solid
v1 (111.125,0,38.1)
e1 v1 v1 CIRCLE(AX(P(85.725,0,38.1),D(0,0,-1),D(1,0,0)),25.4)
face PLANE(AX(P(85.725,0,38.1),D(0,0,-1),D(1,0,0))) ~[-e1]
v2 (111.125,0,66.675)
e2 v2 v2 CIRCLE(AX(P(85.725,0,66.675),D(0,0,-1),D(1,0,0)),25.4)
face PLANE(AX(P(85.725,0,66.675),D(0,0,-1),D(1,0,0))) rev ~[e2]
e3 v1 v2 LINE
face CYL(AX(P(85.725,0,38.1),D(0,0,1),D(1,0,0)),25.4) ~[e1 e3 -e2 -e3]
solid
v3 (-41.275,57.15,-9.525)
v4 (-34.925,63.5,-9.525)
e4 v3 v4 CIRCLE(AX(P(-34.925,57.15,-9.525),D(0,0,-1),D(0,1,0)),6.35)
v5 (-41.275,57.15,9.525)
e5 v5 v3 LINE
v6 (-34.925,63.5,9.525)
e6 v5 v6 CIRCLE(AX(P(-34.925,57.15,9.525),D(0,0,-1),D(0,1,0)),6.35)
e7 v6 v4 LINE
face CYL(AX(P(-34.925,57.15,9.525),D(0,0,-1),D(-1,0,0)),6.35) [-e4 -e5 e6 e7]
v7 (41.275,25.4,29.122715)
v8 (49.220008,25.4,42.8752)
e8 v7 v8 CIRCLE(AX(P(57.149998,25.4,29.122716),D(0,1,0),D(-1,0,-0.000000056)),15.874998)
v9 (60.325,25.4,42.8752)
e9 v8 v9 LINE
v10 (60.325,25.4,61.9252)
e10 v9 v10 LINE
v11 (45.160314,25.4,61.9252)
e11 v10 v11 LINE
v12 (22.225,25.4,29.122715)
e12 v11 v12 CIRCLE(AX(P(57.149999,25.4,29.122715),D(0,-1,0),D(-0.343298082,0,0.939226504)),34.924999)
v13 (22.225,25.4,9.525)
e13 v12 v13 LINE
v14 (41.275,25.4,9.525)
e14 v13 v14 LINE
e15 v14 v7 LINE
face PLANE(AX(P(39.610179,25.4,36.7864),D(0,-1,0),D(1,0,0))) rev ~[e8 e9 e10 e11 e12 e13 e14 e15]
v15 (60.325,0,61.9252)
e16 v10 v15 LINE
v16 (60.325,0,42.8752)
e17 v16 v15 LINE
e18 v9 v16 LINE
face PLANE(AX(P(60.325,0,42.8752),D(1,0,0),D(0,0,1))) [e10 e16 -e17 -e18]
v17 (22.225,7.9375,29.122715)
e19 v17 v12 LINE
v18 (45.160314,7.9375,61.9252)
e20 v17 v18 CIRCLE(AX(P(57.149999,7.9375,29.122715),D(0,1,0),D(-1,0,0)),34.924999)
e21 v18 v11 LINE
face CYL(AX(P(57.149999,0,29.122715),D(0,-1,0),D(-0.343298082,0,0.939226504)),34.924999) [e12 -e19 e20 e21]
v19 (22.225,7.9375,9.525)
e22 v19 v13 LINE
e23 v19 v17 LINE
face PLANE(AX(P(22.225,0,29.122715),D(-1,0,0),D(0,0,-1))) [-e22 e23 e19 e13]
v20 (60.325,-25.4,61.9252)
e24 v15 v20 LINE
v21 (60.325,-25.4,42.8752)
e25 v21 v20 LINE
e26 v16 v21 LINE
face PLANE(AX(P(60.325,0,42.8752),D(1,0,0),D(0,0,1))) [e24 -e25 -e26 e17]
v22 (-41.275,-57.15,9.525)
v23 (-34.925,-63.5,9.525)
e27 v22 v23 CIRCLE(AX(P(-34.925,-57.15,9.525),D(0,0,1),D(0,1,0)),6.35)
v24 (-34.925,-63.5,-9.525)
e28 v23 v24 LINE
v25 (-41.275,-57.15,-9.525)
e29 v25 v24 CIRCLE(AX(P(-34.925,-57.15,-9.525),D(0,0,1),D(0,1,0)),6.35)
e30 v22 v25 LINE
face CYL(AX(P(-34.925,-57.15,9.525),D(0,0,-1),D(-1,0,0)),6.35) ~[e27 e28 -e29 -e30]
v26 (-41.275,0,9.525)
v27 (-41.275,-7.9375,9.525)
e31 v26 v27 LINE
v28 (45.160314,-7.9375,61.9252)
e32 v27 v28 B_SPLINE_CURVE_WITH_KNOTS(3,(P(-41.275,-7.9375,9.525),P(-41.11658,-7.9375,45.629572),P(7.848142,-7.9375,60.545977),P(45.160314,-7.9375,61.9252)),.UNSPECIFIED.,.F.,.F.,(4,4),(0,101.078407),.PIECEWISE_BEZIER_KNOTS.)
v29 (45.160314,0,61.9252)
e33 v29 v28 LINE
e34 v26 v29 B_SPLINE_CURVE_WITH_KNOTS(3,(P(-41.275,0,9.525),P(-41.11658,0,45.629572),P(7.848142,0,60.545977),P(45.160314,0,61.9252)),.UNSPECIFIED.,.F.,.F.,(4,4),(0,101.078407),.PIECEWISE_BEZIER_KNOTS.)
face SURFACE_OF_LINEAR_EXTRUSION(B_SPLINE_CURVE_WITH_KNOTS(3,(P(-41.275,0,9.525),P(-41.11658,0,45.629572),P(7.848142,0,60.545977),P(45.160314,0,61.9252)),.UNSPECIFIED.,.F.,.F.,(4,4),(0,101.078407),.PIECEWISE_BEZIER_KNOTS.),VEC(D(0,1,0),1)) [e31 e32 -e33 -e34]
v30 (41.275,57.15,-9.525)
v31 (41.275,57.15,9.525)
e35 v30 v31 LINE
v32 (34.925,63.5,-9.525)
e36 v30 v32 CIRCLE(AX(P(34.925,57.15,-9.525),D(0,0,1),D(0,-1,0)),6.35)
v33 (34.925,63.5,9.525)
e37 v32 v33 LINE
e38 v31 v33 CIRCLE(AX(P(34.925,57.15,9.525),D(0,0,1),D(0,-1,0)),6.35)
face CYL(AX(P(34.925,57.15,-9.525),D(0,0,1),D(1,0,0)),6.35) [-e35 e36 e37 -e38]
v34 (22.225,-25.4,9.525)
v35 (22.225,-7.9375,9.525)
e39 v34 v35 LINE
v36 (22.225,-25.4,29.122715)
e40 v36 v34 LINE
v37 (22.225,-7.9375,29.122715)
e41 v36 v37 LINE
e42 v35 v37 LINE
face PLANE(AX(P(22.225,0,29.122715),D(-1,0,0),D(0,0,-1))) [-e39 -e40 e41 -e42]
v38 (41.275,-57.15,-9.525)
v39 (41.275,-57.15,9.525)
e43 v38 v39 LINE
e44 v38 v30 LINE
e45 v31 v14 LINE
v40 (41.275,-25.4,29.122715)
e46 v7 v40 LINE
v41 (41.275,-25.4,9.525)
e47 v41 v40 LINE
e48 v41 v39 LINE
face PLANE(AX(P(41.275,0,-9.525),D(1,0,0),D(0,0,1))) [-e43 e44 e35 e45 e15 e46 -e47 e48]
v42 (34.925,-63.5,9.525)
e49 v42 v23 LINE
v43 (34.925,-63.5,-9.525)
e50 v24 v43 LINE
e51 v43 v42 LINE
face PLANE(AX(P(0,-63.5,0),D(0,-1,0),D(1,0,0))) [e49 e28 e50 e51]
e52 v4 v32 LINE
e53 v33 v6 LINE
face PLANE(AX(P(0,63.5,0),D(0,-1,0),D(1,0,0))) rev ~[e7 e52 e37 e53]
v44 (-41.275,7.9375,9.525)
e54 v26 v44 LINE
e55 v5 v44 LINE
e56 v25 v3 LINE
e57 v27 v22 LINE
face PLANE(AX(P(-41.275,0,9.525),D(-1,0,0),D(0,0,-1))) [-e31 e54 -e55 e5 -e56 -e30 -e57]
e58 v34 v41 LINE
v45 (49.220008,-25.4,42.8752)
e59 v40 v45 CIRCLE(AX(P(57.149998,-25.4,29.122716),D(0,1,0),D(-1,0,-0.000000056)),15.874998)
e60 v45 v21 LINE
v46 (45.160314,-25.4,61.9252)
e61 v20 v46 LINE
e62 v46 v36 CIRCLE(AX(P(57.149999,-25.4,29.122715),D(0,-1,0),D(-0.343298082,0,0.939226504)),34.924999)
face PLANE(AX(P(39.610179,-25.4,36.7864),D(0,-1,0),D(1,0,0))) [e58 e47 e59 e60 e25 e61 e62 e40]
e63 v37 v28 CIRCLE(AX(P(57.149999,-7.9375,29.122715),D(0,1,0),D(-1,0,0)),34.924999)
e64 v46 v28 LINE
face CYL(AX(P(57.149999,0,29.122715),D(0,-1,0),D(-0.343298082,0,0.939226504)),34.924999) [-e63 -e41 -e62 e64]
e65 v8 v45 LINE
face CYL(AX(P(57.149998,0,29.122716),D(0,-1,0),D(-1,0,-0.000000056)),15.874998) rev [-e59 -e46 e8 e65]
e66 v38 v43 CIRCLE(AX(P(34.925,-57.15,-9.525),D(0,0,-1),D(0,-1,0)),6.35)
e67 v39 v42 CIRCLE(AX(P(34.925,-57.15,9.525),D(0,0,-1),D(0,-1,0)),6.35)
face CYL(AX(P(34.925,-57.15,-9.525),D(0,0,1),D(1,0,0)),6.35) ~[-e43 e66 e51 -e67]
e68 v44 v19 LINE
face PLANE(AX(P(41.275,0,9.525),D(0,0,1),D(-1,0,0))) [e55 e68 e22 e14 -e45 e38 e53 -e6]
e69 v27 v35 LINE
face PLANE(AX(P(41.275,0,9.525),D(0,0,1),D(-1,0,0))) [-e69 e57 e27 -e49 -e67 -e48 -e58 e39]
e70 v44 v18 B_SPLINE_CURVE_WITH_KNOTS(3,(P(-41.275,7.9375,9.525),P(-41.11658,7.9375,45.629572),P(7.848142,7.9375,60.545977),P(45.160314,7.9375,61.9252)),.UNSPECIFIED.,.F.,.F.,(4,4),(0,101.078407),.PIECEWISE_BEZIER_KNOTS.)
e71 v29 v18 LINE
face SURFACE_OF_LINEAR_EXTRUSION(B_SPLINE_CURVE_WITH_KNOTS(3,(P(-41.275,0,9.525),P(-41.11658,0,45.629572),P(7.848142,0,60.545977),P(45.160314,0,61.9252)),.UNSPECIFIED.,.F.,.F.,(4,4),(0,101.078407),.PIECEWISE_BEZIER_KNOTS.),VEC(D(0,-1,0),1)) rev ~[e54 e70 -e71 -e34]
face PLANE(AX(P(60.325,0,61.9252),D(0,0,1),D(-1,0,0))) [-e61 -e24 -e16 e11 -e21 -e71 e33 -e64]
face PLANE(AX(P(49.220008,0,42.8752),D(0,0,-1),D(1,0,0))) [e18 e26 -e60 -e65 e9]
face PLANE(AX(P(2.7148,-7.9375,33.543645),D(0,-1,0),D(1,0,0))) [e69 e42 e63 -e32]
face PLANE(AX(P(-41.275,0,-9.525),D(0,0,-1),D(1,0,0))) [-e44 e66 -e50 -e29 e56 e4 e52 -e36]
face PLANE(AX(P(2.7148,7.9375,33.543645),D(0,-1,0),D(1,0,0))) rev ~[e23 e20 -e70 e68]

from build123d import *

# Parameters (mm, degrees)
F1_DEPTH = 63.5
F2_DEPTH = 25.4
F4_DEPTH = 7.9375
F5_R     = 6.35


with BuildPart() as f1:
    # F0 (on Front) → F1 (new body, symmetric)
    with BuildSketch(Plane.XZ):
        Polygon((41.275, -9.525), (41.275, 9.525), (22.225, 9.525), (-41.275, 9.525), (-41.275, -9.525), align=None)
    extrude(amount=F1_DEPTH, both=True)

    # F0 (on Front) → F2 (join, symmetric)
    with BuildSketch(Plane.XZ):
        with BuildLine():
            Line((22.225, 9.525), (41.275, 9.525))
            Line((41.275, 9.525), (41.275, 29.122715))
            ThreePointArc((41.275, 29.122715), (43.404014, 37.063968), (49.220008, 42.8752))
            Line((49.220008, 42.8752), (60.325, 42.8752))
            Line((60.325, 42.8752), (60.325, 61.9252))
            Line((60.325, 61.9252), (45.160314, 61.9252))
            ThreePointArc((45.160314, 61.9252), (28.527496, 49.135408), (22.225, 29.122715))
            Line((22.225, 29.122715), (22.225, 9.525))
        make_face()
    extrude(amount=F2_DEPTH, both=True)

    # F0 (on Front) → F3 (revolve)
    with BuildSketch(Plane.XZ):
        Polygon((85.725, 61.9252), (85.725, 42.8752), (85.725, 38.1), (111.125, 38.1), (111.125, 66.675), (85.725, 66.675), align=None)
    revolve(axis=Axis((85.725, 0, 52.3875), (0, 0, -1)))

    # F0 (on Front) → F4 (join, symmetric)
    with BuildSketch(Plane.XZ):
        with BuildLine():
            Line((-41.275, 9.525), (22.225, 9.525))
            Line((22.225, 9.525), (22.225, 29.122715))
            ThreePointArc((22.225, 29.122715), (28.527496, 49.135408), (45.160314, 61.9252))
            add(Edge.make_bspline(
                [(-41.275, 9.525), (-41.11658, 45.629572), (7.848142, 60.545977), (45.160314, 61.9252)],
                knots=[0, 0, 0, 0, 101.078407, 101.078407, 101.078407, 101.078407], degree=3))
        make_face()
    extrude(amount=F4_DEPTH, both=True)

    # F5
    f5_edges = [f1.edges().sort_by_distance(p)[0] for p in [
        (41.275, -63.5, 0),
        (-41.275, -63.5, 0),
        (41.275, 63.5, 0),
        (-41.275, 63.5, 0),
    ]]
    fillet(f5_edges, radius=F5_R)


solid = f1.part
